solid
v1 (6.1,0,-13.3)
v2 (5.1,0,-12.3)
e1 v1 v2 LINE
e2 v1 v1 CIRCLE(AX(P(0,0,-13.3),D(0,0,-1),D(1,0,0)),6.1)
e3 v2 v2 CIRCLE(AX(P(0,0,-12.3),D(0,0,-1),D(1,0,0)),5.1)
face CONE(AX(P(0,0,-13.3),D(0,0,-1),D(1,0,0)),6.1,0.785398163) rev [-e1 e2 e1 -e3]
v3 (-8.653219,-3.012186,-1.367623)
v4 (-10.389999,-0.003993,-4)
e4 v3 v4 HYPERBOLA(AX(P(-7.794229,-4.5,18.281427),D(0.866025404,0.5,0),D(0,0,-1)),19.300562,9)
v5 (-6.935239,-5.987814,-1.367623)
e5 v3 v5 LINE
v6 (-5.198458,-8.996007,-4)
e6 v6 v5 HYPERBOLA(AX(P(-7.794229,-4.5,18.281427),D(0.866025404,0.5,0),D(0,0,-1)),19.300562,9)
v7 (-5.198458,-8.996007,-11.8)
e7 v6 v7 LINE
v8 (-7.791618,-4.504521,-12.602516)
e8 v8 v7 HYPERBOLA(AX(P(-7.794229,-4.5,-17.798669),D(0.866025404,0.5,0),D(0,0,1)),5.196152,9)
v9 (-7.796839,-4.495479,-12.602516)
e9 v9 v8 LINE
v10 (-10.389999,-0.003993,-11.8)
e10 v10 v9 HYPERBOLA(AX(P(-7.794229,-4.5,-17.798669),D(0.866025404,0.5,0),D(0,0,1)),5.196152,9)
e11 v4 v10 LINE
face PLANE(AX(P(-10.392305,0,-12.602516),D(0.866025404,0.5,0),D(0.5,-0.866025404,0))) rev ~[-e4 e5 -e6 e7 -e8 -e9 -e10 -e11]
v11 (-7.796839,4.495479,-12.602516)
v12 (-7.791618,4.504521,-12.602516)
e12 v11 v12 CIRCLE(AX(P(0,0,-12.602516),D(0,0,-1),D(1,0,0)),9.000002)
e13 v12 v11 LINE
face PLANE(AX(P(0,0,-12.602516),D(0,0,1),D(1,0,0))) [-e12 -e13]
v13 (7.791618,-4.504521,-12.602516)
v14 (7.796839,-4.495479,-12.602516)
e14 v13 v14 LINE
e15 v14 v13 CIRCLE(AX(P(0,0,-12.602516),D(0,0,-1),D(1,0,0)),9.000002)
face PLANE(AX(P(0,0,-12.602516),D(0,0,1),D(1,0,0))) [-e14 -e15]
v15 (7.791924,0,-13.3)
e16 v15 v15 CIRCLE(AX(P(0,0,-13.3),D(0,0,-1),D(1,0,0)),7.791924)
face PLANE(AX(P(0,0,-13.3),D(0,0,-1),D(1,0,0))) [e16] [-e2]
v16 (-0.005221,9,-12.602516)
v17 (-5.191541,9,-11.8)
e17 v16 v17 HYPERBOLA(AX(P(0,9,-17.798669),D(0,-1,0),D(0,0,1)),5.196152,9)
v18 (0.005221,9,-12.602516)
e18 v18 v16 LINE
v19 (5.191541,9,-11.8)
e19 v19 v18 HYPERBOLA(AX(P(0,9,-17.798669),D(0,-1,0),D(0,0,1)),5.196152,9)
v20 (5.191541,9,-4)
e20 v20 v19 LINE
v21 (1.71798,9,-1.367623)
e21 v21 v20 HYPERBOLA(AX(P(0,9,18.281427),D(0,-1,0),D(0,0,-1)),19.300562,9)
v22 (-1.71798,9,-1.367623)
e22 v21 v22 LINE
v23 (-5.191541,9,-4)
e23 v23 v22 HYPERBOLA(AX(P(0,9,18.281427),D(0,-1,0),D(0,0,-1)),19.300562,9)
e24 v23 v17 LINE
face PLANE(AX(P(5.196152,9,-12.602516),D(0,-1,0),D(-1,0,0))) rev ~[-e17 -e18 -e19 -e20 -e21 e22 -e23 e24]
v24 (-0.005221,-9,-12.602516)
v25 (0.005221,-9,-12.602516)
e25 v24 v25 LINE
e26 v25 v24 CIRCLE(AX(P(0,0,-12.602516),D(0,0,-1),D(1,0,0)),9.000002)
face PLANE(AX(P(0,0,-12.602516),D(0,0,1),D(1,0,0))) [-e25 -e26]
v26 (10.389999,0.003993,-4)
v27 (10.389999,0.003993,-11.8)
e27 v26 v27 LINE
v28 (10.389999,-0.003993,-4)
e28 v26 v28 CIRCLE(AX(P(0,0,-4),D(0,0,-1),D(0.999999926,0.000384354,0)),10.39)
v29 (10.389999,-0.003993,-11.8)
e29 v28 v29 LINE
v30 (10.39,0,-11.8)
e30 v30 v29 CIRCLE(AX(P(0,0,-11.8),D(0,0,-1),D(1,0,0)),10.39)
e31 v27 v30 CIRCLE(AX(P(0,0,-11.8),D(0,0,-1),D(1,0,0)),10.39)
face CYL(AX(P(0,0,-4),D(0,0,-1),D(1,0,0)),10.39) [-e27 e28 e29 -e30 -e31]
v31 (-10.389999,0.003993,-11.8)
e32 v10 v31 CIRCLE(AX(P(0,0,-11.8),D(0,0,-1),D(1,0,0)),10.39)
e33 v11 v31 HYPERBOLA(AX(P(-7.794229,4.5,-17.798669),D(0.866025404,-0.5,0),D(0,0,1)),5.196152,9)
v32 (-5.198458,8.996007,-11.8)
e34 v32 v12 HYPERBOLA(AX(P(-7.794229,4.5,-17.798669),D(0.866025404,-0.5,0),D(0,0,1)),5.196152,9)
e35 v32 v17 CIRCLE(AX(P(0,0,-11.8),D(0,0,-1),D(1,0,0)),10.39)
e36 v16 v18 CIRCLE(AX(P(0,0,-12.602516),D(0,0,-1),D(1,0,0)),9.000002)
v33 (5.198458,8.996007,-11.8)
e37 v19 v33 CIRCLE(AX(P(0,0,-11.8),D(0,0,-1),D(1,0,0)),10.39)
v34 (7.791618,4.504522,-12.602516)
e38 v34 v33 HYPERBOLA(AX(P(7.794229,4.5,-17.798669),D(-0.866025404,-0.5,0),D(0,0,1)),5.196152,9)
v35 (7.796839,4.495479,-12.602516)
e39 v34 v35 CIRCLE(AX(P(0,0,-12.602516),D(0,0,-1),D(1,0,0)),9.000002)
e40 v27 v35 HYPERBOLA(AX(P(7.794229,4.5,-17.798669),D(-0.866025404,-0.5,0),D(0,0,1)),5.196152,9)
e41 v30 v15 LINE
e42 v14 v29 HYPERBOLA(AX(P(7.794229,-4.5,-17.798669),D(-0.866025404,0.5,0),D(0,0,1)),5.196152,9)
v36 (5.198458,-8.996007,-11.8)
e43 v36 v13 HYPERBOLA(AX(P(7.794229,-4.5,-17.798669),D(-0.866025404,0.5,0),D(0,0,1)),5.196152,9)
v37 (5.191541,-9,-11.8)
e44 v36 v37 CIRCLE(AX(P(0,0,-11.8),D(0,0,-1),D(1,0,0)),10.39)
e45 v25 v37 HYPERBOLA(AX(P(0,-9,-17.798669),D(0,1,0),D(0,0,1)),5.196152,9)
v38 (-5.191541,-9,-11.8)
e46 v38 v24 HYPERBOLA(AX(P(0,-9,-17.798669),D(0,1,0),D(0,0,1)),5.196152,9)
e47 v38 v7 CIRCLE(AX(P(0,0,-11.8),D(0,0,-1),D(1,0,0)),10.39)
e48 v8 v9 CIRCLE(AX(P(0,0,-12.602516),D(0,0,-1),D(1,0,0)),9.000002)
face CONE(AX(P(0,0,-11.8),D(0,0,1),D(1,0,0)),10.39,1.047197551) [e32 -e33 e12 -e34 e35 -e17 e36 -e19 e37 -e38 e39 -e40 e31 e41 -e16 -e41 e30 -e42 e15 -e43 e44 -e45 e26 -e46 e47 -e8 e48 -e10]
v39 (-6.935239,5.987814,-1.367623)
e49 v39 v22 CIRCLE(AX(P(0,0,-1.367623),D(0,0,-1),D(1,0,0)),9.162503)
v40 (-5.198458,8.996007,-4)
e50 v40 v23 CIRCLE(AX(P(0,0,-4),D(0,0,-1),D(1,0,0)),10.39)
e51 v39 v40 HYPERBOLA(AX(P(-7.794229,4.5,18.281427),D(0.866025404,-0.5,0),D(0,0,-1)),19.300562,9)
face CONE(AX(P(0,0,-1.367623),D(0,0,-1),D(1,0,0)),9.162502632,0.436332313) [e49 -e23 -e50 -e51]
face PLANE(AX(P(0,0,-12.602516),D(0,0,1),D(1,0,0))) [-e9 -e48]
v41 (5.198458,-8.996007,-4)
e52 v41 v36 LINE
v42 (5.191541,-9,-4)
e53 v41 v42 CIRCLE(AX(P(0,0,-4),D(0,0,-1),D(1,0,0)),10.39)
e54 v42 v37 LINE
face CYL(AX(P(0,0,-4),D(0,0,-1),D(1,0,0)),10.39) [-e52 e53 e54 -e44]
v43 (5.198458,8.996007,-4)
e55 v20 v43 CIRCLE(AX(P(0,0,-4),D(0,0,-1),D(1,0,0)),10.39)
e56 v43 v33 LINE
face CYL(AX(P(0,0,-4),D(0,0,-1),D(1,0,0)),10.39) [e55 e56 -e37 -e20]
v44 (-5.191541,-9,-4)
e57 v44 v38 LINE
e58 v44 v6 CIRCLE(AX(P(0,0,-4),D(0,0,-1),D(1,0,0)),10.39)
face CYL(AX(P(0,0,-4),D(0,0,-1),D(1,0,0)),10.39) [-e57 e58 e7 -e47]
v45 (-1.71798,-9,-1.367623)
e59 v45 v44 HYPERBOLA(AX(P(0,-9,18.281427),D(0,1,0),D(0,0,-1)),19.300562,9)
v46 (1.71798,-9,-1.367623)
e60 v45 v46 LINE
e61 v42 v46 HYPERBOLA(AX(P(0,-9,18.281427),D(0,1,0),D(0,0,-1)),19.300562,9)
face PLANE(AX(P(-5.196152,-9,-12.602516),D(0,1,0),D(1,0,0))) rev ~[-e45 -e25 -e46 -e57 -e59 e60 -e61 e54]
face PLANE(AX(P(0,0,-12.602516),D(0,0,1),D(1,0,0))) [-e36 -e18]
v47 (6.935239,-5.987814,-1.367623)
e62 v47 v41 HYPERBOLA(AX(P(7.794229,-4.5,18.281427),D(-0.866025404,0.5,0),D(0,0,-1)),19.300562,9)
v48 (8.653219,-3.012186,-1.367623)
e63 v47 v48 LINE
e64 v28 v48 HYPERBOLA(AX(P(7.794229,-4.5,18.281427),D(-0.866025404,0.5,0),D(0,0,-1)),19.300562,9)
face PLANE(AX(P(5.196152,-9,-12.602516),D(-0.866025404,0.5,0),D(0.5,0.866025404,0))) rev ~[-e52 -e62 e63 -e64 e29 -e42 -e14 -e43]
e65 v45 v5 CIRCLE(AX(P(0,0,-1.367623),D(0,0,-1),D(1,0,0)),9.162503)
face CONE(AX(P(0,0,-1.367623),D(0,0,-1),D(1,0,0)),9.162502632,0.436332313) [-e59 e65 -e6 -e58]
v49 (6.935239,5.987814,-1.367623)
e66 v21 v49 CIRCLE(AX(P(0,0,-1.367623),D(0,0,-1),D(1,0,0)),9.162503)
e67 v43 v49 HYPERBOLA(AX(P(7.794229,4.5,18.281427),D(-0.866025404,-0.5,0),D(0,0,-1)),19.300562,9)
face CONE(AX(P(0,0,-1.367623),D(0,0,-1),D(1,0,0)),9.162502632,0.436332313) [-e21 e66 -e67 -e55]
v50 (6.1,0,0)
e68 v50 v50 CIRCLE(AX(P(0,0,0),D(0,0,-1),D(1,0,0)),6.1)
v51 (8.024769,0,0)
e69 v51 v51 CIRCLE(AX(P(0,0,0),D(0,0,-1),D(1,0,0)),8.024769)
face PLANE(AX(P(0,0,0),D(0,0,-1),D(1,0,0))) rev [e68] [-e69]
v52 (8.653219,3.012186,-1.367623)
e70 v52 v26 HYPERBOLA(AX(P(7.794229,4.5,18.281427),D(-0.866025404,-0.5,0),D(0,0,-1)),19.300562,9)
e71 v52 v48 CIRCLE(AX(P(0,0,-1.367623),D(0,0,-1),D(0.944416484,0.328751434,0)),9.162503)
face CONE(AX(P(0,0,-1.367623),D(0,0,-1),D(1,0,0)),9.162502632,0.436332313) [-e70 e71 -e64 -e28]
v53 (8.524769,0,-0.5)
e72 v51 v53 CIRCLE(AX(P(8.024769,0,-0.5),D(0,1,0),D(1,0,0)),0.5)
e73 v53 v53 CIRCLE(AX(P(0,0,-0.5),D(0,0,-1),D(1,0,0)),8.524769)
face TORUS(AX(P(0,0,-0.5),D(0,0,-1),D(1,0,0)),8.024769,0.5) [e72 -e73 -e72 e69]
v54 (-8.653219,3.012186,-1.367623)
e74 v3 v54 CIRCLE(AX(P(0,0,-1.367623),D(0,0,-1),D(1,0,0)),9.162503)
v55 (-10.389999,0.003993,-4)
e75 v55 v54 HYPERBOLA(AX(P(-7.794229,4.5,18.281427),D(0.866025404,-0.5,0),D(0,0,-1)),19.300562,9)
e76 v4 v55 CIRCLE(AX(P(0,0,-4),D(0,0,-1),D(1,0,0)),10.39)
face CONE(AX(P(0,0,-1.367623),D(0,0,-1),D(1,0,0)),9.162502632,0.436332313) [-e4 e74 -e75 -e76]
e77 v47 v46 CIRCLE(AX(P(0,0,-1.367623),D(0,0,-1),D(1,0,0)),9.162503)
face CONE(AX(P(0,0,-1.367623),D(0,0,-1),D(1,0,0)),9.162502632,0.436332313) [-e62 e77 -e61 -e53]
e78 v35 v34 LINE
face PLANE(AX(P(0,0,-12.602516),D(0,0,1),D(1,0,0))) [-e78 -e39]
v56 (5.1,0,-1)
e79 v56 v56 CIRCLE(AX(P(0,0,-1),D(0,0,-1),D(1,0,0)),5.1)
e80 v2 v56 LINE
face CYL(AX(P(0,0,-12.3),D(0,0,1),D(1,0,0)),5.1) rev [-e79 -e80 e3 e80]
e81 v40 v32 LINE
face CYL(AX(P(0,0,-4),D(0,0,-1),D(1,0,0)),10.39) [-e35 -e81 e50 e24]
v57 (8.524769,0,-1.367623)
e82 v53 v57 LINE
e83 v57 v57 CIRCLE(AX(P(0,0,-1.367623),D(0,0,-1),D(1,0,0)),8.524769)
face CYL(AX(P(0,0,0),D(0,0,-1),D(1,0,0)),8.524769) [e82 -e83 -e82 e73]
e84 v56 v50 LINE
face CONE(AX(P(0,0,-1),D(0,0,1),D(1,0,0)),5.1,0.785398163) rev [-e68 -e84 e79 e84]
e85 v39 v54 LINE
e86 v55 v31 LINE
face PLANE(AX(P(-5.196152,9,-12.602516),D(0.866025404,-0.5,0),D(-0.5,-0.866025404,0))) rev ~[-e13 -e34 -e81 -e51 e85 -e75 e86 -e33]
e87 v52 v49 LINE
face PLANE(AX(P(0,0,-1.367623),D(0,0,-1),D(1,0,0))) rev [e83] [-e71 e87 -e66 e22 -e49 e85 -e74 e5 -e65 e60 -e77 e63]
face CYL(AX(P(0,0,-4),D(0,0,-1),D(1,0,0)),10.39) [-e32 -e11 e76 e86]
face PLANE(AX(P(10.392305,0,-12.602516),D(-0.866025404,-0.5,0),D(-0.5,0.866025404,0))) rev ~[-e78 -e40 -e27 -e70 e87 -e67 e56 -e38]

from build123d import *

# Parameters (mm, degrees)
CUT_EXTRUDE1_START = -12.602516
SKETCH2_OUTSIDE_W  = 29.232
SKETCH2_OUTSIDE_H  = 29.232
CUT_EXTRUDE1_DEPTH = 11.234893
FILLET1_R          = 0.5


with BuildPart() as part:
    # Sketch1 → Revolve1 (revolve)
    with BuildSketch(Plane(origin=(0, 0, 0), x_dir=(0, 0, -1), z_dir=(1, 0, 0)), mode=Mode.PRIVATE) as revolve1_sk:
        Polygon((13.3, 7.791923789), (13.3, 6.1), (12.3, 5.1), (1, 5.1), (0, 6.1), (0, 8.524769367), (1.367623399, 8.524769367), (1.367623399, 9.162502632), (4, 10.39), (11.8, 10.39), align=None)
    revolve(revolve1_sk.sketch.rotate(Axis((0, 0, 0), (0, 0, -1)), 90), axis=Axis((0, 0, 0), (0, 0, -1)))

    # Sketch2 outside → Cut-Extrude1 (cut)
    with BuildSketch(Plane.XY.offset(CUT_EXTRUDE1_START)):
        Rectangle(SKETCH2_OUTSIDE_W, SKETCH2_OUTSIDE_H)
        Polygon((10.392304845, 0), (5.196152423, 9), (-5.196152423, 9), (-10.392304845, 0), (-5.196152423, -9), (5.196152423, -9), align=None, mode=Mode.SUBTRACT)
    extrude(amount=CUT_EXTRUDE1_DEPTH, mode=Mode.SUBTRACT)

    # Fillet1
    fillet1_edges = [part.edges().sort_by_distance(p)[0] for p in [
        (-8.524769367, 0, 0),
    ]]
    fillet(fillet1_edges, radius=FILLET1_R)


solid = part.part
